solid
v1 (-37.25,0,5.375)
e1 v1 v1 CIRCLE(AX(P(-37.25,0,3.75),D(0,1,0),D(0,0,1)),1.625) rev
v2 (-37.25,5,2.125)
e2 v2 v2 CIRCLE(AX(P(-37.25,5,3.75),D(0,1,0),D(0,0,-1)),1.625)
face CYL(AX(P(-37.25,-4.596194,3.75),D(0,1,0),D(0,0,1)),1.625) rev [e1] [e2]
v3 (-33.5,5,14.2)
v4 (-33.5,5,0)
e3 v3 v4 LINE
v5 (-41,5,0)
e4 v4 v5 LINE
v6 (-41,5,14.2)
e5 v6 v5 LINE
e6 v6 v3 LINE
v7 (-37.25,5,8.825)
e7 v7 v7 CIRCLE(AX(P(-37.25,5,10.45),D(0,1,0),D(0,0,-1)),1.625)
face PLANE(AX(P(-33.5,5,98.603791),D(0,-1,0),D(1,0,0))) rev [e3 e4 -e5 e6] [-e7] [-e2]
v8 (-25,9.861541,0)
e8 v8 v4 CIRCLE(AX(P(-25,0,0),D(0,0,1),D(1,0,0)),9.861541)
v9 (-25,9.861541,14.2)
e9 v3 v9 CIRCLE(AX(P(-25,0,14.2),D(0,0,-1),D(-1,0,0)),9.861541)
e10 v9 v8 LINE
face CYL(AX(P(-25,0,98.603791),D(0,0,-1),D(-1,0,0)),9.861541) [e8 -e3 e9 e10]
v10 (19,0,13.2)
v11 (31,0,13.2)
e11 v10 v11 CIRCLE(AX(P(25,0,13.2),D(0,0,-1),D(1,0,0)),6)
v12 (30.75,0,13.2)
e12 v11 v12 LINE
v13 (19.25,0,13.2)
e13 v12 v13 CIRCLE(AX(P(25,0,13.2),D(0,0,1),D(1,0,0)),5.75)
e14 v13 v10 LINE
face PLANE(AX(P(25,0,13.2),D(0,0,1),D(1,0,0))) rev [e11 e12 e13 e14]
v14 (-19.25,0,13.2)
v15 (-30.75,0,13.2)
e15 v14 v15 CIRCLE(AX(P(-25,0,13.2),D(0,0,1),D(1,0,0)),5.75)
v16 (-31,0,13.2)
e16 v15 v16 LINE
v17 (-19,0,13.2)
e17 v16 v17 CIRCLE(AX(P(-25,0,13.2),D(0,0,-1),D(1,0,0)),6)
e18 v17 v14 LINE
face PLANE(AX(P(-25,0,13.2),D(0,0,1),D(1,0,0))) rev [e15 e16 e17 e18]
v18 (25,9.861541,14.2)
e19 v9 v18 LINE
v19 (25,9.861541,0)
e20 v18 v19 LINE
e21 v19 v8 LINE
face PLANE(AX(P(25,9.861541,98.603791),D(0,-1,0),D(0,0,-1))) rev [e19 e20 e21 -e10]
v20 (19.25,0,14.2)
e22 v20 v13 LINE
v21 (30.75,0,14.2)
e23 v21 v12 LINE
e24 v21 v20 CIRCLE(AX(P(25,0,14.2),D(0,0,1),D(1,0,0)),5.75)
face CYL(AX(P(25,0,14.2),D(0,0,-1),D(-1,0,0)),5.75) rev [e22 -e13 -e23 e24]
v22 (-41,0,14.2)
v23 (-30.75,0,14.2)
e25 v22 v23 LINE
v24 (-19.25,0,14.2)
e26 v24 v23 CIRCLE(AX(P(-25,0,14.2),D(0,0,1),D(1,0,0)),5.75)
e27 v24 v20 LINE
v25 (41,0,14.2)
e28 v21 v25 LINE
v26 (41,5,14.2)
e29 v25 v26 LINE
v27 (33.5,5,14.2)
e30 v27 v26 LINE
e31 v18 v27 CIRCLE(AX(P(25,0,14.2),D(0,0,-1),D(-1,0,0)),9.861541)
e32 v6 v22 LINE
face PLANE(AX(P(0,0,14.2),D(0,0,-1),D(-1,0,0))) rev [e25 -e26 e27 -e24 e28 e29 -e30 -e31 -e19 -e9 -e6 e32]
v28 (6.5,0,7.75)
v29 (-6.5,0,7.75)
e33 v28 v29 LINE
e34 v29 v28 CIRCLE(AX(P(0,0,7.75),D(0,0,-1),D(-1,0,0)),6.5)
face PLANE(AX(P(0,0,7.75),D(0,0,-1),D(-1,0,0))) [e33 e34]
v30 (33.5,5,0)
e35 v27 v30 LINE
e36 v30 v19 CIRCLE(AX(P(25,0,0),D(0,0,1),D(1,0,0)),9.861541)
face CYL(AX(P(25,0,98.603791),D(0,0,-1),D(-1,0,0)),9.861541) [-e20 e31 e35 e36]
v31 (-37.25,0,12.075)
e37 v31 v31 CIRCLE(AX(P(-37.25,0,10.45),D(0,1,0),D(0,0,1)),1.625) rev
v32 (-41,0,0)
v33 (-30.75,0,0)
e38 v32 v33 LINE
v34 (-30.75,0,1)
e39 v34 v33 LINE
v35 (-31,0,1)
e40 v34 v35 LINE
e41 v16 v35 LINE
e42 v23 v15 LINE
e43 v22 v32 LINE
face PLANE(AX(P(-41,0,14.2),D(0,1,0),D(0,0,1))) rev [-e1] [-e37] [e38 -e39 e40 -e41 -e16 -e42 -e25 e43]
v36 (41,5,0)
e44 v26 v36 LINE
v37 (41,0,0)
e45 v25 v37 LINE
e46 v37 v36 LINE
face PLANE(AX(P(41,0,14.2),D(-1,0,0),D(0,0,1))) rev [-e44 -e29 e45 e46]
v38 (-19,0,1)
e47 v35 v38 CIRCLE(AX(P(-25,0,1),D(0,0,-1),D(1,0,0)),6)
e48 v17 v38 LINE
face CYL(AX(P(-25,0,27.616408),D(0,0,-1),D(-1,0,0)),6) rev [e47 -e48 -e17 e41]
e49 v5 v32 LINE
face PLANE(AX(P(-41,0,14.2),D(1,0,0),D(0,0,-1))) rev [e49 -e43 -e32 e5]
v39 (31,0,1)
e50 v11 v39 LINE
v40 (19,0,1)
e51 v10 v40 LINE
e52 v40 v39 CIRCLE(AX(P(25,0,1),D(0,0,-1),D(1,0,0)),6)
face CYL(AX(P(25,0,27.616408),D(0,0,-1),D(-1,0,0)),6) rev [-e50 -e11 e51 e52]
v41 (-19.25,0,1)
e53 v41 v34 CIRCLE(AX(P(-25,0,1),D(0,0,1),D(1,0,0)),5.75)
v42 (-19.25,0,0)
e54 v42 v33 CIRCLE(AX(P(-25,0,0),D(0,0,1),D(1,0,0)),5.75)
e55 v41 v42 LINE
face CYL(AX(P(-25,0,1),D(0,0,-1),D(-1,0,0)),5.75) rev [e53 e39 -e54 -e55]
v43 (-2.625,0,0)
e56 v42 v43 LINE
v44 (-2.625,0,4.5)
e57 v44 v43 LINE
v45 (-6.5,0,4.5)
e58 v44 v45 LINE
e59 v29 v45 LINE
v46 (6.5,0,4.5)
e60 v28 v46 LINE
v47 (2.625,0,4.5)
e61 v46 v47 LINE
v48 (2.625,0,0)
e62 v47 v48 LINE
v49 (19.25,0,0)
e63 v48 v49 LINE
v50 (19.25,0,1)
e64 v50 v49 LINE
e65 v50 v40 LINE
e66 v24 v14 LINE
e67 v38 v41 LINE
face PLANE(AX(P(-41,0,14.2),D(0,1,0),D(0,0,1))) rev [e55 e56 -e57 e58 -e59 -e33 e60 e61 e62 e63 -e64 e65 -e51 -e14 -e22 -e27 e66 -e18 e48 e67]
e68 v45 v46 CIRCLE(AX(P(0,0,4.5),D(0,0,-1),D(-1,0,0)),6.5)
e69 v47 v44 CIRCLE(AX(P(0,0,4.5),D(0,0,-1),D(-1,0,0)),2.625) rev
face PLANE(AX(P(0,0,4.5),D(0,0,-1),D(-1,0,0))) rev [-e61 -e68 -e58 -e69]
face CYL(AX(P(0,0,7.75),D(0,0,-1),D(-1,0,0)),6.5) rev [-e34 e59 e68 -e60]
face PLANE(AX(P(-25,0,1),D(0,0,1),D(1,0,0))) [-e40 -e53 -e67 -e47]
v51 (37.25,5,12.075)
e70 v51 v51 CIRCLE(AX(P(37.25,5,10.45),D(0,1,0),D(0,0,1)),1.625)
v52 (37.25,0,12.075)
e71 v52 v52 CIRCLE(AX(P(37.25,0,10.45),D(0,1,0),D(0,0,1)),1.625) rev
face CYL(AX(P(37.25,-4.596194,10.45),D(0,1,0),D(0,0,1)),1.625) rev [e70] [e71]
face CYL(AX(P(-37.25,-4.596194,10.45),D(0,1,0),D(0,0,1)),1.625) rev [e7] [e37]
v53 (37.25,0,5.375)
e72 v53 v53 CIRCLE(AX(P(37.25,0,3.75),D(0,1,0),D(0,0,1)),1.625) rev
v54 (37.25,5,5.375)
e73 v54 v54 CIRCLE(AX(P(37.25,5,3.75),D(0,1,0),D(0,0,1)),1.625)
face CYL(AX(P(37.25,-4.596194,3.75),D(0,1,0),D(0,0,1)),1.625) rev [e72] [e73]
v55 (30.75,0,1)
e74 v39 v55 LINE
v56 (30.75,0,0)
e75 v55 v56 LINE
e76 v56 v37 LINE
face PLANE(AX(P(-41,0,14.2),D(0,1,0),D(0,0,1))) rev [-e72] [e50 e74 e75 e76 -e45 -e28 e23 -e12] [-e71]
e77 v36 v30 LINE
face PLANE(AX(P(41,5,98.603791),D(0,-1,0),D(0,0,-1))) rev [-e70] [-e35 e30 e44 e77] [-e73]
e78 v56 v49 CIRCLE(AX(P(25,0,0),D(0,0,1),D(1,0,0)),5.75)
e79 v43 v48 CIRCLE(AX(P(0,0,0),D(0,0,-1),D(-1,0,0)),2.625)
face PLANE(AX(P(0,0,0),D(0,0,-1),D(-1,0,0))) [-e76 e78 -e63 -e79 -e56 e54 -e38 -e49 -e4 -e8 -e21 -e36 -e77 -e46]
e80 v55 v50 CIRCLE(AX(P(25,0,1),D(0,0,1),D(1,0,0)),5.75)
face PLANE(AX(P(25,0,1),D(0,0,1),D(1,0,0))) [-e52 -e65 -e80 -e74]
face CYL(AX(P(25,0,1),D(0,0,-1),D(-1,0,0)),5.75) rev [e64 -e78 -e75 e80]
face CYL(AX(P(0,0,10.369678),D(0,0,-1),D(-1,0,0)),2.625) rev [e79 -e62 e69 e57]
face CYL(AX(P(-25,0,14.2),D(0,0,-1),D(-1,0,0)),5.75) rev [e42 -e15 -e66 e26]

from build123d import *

# Parameters (mm, degrees)
SKETCH1_W           = 82
SKETCH1_H           = 25
BOSS_EXTRUDE1_DEPTH = 14.2
CUT_EXTRUDE3_DEPTH  = 14.2
BOSS_EXTRUDE2_DEPTH = 1
BOSS_EXTRUDE3_START = -13.2
BOSS_EXTRUDE3_DEPTH = 1
CUT_EXTRUDE4_START  = -4.5
CUT_EXTRUDE4_DEPTH  = 3.25
CUT_EXTRUDE5_DEPTH  = 4.5
CUT_EXTRUDE6_DEPTH  = 14.2
SKETCH8_R           = 1.625
CUT_EXTRUDE7_DEPTH  = 5


with BuildPart() as part:
    # Sketch1 → Boss-Extrude1 (new body)
    with BuildSketch(Plane.XY):
        with Locations((0, 12.5)):
            Rectangle(SKETCH1_W, SKETCH1_H)
    extrude(amount=BOSS_EXTRUDE1_DEPTH)

    # Sketch2 → Cut-Extrude3 (cut)
    with BuildSketch(Plane(origin=(0, 0, 0), x_dir=(-1, 0, 0), z_dir=(0, 0, -1))):
        with BuildLine():
            Line((-31, 0), (-19, 0))
            ThreePointArc((-19, 0), (-25, 6), (-31, 0))
        make_face()
        with BuildLine():
            Line((19, 0), (31, 0))
            ThreePointArc((31, 0), (25, 6), (19, 0))
        make_face()
    extrude(amount=-CUT_EXTRUDE3_DEPTH, mode=Mode.SUBTRACT)

    # Sketch4 → Boss-Extrude2 (add)
    with BuildSketch(Plane(origin=(0, 0, 0), x_dir=(-1, 0, 0), z_dir=(0, 0, -1))):
        with BuildLine():
            Line((-30.75, 0), (-31, 0))
            ThreePointArc((-31, 0), (-25, 6), (-19, 0))
            Line((-19, 0), (-19.25, 0))
            ThreePointArc((-19.25, 0), (-25, 5.75), (-30.75, 0))
        make_face()
        with BuildLine():
            Line((19, 0), (19.25, 0))
            ThreePointArc((19.25, 0), (25, 5.75), (30.75, 0))
            Line((30.75, 0), (31, 0))
            ThreePointArc((31, 0), (25, 6), (19, 0))
        make_face()
    extrude(amount=-BOSS_EXTRUDE2_DEPTH)

    # Sketch4<2> → Boss-Extrude3 (add)
    with BuildSketch(Plane(origin=(0, 0, 0), x_dir=(-1, 0, 0), z_dir=(0, 0, -1)).offset(BOSS_EXTRUDE3_START)):
        with BuildLine():
            Line((-30.75, 0), (-31, 0))
            ThreePointArc((-31, 0), (-25, 6), (-19, 0))
            Line((-19, 0), (-19.25, 0))
            ThreePointArc((-19.25, 0), (-25, 5.75), (-30.75, 0))
        make_face()
        with BuildLine():
            Line((19, 0), (19.25, 0))
            ThreePointArc((19.25, 0), (25, 5.75), (30.75, 0))
            Line((30.75, 0), (31, 0))
            ThreePointArc((31, 0), (25, 6), (19, 0))
        make_face()
    extrude(amount=-BOSS_EXTRUDE3_DEPTH)

    # Sketch5 → Cut-Extrude4 (cut)
    with BuildSketch(Plane(origin=(0, 0, 0), x_dir=(-1, 0, 0), z_dir=(0, 0, -1)).offset(CUT_EXTRUDE4_START)):
        with BuildLine():
            Line((-6.5, 0), (6.5, 0))
            ThreePointArc((6.5, 0), (0, 6.5), (-6.5, 0))
        make_face()
    extrude(amount=-CUT_EXTRUDE4_DEPTH, mode=Mode.SUBTRACT)

    # Sketch6 → Cut-Extrude5 (cut)
    with BuildSketch(Plane(origin=(0, 0, 0), x_dir=(-1, 0, 0), z_dir=(0, 0, -1))):
        with BuildLine():
            Line((-2.625, 0), (2.625, 0))
            ThreePointArc((2.625, 0), (0, 2.625), (-2.625, 0))
        make_face()
    extrude(amount=-CUT_EXTRUDE5_DEPTH, mode=Mode.SUBTRACT)

    # Sketch7 → Cut-Extrude6 (cut)
    with BuildSketch(Plane(origin=(0, 0, 0), x_dir=(-1, 0, 0), z_dir=(0, 0, -1))):
        with BuildLine():
            Line((-41, 5), (-33.5, 5))
            ThreePointArc((-33.5, 5), (-29.896033736, 8.560306867), (-25, 9.861541462))
            Line((-25, 9.861541462), (25, 9.861541462))
            ThreePointArc((25, 9.861541462), (29.896033736, 8.560306867), (33.5, 5))
            Line((33.5, 5), (41, 5))
            Line((41, 5), (41, 25))
            Line((41, 25), (-41, 25))
            Line((-41, 25), (-41, 5))
        make_face()
    extrude(amount=-CUT_EXTRUDE6_DEPTH, mode=Mode.SUBTRACT)

    # Sketch8 → Cut-Extrude7 (cut)
    with BuildSketch(Plane(origin=(0, 5, 0), x_dir=(1, 0, 0), z_dir=(0, 1, 0))):
        with Locations(Location((37.25, -3.75, 0), (0, 0, 270))):
            Circle(SKETCH8_R)
        with Locations(Location((37.25, -10.45, 0), (0, 0, 270))):
            Circle(SKETCH8_R)
        with Locations(Location((-37.25, -3.75, 0), (0, 0, 270))):
            Circle(SKETCH8_R)
        with Locations(Location((-37.25, -10.45, 0), (0, 0, 270))):
            Circle(SKETCH8_R)
    extrude(amount=-CUT_EXTRUDE7_DEPTH, mode=Mode.SUBTRACT)


solid = part.part
